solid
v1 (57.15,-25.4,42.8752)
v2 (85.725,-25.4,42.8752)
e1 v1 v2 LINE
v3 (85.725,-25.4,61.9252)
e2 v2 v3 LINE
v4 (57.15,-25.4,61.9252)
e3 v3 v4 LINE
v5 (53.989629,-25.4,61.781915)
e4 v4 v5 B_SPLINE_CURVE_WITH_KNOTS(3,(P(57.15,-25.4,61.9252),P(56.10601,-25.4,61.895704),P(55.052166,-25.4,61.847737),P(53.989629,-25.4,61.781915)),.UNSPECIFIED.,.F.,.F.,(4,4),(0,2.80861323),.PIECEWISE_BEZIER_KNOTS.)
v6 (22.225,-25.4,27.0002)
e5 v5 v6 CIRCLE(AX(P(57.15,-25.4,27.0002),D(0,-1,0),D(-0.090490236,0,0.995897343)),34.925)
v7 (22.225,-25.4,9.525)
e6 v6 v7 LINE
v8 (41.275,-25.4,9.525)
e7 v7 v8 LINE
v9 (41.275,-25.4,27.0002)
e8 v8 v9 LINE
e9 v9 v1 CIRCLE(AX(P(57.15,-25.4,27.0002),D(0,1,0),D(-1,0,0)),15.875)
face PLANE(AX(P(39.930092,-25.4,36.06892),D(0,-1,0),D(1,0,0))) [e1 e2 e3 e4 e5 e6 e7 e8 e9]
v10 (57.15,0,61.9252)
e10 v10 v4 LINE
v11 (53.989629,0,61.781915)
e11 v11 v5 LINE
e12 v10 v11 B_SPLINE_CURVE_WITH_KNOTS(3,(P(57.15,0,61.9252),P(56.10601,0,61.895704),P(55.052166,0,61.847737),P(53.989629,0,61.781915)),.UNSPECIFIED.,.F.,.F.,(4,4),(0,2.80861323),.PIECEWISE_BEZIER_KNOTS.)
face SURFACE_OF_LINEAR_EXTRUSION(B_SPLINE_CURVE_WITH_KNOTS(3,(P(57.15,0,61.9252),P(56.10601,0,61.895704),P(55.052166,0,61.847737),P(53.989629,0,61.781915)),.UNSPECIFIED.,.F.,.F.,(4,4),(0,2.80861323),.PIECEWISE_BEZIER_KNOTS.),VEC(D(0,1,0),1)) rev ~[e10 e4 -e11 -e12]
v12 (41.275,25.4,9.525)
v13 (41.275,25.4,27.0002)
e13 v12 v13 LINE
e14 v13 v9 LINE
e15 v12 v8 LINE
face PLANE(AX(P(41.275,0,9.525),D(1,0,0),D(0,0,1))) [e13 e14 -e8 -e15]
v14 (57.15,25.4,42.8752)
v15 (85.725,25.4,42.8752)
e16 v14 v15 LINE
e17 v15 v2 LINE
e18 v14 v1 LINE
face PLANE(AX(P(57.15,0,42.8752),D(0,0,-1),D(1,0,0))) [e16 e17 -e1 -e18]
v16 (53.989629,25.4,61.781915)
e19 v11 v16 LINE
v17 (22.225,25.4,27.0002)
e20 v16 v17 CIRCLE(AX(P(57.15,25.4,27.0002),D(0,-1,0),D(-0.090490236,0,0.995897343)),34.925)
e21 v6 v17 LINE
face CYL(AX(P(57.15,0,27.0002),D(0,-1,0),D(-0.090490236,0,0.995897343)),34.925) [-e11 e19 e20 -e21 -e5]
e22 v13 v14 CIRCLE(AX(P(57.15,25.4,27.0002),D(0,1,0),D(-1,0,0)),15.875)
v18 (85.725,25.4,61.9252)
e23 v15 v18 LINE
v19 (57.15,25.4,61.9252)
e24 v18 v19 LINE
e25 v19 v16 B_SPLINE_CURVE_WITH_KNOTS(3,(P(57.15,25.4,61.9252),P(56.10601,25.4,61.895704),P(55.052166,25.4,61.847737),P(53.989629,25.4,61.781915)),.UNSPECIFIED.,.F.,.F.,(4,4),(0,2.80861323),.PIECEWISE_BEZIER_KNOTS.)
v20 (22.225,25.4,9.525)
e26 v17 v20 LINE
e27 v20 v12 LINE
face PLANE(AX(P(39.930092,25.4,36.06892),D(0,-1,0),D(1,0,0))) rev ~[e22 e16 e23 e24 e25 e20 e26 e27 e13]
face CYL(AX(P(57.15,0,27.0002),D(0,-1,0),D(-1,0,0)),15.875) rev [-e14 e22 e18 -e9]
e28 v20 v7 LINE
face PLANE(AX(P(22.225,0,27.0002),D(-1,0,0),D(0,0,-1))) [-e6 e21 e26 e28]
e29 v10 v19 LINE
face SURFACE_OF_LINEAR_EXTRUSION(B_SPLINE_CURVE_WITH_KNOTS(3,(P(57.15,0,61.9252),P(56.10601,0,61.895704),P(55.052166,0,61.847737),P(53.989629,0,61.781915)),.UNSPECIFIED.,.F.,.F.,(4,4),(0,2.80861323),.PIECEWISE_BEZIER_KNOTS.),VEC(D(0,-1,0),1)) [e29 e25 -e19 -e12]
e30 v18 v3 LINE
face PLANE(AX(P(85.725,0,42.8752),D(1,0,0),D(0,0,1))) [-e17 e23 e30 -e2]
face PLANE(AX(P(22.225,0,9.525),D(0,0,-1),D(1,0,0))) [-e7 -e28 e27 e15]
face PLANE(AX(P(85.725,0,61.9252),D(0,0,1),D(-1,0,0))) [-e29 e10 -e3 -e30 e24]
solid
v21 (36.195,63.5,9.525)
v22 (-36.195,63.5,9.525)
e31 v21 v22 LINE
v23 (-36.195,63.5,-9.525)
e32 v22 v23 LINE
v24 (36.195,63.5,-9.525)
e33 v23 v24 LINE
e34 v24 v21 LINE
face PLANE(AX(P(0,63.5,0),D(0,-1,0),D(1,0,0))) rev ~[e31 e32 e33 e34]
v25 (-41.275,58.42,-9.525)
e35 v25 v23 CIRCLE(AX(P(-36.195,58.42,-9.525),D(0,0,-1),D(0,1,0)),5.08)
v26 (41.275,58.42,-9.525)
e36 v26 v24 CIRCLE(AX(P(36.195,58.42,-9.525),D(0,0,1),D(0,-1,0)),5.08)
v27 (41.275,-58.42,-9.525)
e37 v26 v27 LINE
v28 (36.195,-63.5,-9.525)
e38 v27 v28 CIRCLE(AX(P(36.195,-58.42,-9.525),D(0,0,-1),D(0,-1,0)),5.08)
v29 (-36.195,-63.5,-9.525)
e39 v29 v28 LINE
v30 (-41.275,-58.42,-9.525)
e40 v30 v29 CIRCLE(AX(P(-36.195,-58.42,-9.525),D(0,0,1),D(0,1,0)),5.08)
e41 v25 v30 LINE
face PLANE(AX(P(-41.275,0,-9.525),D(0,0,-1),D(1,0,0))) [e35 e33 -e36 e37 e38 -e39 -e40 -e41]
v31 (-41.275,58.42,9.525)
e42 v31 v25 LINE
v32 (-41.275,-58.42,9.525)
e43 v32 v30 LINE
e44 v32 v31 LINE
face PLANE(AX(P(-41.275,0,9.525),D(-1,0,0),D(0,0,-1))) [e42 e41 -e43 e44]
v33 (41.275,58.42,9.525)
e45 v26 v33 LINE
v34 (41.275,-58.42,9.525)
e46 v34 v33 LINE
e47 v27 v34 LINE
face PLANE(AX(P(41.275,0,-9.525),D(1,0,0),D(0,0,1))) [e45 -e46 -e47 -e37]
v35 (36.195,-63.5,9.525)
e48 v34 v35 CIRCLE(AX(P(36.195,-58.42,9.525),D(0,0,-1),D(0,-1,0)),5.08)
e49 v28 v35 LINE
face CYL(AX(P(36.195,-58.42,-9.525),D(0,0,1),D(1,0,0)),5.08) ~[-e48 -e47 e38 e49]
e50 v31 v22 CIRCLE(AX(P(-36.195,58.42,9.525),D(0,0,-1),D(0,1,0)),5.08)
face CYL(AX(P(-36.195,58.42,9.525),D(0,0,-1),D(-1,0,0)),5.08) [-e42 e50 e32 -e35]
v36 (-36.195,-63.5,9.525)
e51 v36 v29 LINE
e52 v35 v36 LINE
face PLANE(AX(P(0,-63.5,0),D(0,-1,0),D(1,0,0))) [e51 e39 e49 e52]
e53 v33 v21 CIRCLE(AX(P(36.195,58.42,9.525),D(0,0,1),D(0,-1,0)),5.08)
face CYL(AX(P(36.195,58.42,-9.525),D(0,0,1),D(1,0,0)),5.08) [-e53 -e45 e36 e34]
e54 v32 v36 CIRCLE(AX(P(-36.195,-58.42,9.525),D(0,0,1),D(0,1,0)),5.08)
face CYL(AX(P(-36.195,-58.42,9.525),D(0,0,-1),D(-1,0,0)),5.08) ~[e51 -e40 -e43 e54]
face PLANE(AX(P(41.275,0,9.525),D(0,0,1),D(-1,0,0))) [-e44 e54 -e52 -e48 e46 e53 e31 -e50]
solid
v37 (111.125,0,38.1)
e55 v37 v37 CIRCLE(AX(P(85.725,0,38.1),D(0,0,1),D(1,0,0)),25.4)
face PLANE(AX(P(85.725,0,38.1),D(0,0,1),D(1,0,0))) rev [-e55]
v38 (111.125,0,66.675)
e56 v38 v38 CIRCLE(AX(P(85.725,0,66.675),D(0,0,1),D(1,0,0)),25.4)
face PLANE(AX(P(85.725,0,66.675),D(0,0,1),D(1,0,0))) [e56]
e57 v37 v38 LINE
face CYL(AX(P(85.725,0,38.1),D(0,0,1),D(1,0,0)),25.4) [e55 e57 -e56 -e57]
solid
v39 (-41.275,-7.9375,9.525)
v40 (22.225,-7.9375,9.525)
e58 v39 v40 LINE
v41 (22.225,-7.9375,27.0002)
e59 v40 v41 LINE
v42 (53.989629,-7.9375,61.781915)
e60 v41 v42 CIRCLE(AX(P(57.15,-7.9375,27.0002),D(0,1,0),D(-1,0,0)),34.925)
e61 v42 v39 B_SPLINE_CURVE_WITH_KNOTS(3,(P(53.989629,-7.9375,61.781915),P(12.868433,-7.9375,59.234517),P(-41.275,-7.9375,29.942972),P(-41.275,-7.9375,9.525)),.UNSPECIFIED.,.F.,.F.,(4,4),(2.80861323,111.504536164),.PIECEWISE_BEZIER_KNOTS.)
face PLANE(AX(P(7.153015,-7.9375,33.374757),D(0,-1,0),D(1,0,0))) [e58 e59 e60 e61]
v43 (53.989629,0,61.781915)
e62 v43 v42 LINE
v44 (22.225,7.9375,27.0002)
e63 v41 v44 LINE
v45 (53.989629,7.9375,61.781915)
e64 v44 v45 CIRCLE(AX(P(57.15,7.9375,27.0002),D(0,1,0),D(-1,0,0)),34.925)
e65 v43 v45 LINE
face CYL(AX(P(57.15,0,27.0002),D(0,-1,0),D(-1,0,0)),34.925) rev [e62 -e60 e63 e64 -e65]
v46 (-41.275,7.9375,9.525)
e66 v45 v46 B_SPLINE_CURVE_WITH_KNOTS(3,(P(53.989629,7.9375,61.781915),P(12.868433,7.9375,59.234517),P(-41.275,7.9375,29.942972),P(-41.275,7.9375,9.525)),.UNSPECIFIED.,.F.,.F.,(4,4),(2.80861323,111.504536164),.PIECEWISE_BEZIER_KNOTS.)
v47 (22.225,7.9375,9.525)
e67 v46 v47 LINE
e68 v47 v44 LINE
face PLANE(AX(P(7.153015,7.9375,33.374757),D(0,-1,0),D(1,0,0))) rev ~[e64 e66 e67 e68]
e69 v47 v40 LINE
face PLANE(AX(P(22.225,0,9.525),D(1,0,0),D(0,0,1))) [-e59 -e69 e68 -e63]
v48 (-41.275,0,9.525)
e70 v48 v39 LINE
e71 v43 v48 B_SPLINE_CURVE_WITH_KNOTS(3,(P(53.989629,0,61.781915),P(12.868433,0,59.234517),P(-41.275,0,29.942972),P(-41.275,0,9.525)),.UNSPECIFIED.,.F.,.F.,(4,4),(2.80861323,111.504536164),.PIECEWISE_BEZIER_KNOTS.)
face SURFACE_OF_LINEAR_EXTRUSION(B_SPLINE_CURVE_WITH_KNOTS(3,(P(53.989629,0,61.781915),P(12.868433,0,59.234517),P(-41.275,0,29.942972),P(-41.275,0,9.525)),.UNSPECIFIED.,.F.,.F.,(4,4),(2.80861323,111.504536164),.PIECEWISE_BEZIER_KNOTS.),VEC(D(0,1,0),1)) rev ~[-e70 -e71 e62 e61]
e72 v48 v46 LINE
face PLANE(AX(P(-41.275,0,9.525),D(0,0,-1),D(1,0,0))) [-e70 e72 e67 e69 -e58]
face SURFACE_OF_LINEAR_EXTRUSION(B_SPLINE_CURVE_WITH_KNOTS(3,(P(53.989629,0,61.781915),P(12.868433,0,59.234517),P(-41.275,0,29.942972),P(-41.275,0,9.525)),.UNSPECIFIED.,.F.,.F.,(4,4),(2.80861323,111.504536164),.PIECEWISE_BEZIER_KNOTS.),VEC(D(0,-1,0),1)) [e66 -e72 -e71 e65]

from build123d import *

# Parameters (mm, degrees)
F1_DEPTH = 63.5
F0_W     = 25.4
F0_H     = 19.05
F2_DEPTH = 25.4
F3_DEPTH = 7.9375
F5_R     = 5.08


with BuildPart() as f1:
    # F0 (on Front) → F1 (new body, symmetric)
    with BuildSketch(Plane.XZ):
        Polygon((22.225, 9.525), (-41.275, 9.525), (-41.275, -9.525), (41.275, -9.525), (41.275, 9.525), align=None)
    extrude(amount=F1_DEPTH, both=True)

    # F5
    f5_edges = [f1.edges().sort_by_distance(p)[0] for p in [
        (41.275, -63.5, 0),
        (-41.275, -63.5, 0),
        (41.275, 63.5, 0),
        (-41.275, 63.5, 0),
    ]]
    fillet(f5_edges, radius=F5_R)


with BuildPart() as f2:
    # F0 (on Front) → F2 (new body, symmetric)
    with BuildSketch(Plane.XZ):
        with BuildLine():
            Line((22.225, 27.0002), (22.225, 9.525))
            Line((22.225, 9.525), (41.275, 9.525))
            Line((41.275, 9.525), (41.275, 27.0002))
            ThreePointArc((41.275, 27.0002), (45.9246798487, 38.2255201513), (57.15, 42.8752))
            Line((57.15, 42.8752), (60.325, 42.8752))
            Line((60.325, 42.8752), (60.325, 61.9252))
            Line((60.325, 61.9252), (57.15, 61.9252))
            add(Edge.make_bspline(
                [(57.15, 61.9252), (56.1060097938, 61.8957039588), (55.0521663877, 61.8477373662), (53.9896285148, 61.7819146943)],
                knots=[0, 0, 0, 0, 2.80861323, 2.80861323, 2.80861323, 2.80861323], degree=3))
            ThreePointArc((53.9896285148, 61.7819146943), (31.3611303163, 50.5520539703), (22.225, 27.0002))
        make_face()
        with Locations((73.025, 52.4002)):
            Rectangle(F0_W, F0_H)
    extrude(amount=F2_DEPTH, both=True)


with BuildPart() as f3:
    # F0 (on Front) → F3 (new body, symmetric)
    with BuildSketch(Plane.XZ):
        with BuildLine():
            add(Edge.make_bspline(
                [(53.9896285148, 61.7819146943), (12.8684326481, 59.2345165701), (-41.275, 29.9429720473), (-41.275, 9.525)],
                knots=[2.80861323, 2.80861323, 2.80861323, 2.80861323, 111.5045361635, 111.5045361635, 111.5045361635, 111.5045361635], degree=3))
            Line((-41.275, 9.525), (22.225, 9.525))
            Line((22.225, 9.525), (22.225, 27.0002))
            ThreePointArc((22.225, 27.0002), (31.3611303163, 50.5520539703), (53.9896285148, 61.7819146943))
        make_face()
    extrude(amount=F3_DEPTH, both=True)


with BuildPart() as f4:
    # F0 (on Front) → F4 (revolve)
    with BuildSketch(Plane.XZ):
        Polygon((85.725, 66.675), (85.725, 61.9252), (85.725, 42.8752), (85.725, 38.1), (111.125, 38.1), (111.125, 66.675), align=None)
    revolve(axis=Axis((85.725, 0, 52.3875), (0, 0, 1)))


solid = Compound([f1.part, f2.part, f3.part, f4.part])
